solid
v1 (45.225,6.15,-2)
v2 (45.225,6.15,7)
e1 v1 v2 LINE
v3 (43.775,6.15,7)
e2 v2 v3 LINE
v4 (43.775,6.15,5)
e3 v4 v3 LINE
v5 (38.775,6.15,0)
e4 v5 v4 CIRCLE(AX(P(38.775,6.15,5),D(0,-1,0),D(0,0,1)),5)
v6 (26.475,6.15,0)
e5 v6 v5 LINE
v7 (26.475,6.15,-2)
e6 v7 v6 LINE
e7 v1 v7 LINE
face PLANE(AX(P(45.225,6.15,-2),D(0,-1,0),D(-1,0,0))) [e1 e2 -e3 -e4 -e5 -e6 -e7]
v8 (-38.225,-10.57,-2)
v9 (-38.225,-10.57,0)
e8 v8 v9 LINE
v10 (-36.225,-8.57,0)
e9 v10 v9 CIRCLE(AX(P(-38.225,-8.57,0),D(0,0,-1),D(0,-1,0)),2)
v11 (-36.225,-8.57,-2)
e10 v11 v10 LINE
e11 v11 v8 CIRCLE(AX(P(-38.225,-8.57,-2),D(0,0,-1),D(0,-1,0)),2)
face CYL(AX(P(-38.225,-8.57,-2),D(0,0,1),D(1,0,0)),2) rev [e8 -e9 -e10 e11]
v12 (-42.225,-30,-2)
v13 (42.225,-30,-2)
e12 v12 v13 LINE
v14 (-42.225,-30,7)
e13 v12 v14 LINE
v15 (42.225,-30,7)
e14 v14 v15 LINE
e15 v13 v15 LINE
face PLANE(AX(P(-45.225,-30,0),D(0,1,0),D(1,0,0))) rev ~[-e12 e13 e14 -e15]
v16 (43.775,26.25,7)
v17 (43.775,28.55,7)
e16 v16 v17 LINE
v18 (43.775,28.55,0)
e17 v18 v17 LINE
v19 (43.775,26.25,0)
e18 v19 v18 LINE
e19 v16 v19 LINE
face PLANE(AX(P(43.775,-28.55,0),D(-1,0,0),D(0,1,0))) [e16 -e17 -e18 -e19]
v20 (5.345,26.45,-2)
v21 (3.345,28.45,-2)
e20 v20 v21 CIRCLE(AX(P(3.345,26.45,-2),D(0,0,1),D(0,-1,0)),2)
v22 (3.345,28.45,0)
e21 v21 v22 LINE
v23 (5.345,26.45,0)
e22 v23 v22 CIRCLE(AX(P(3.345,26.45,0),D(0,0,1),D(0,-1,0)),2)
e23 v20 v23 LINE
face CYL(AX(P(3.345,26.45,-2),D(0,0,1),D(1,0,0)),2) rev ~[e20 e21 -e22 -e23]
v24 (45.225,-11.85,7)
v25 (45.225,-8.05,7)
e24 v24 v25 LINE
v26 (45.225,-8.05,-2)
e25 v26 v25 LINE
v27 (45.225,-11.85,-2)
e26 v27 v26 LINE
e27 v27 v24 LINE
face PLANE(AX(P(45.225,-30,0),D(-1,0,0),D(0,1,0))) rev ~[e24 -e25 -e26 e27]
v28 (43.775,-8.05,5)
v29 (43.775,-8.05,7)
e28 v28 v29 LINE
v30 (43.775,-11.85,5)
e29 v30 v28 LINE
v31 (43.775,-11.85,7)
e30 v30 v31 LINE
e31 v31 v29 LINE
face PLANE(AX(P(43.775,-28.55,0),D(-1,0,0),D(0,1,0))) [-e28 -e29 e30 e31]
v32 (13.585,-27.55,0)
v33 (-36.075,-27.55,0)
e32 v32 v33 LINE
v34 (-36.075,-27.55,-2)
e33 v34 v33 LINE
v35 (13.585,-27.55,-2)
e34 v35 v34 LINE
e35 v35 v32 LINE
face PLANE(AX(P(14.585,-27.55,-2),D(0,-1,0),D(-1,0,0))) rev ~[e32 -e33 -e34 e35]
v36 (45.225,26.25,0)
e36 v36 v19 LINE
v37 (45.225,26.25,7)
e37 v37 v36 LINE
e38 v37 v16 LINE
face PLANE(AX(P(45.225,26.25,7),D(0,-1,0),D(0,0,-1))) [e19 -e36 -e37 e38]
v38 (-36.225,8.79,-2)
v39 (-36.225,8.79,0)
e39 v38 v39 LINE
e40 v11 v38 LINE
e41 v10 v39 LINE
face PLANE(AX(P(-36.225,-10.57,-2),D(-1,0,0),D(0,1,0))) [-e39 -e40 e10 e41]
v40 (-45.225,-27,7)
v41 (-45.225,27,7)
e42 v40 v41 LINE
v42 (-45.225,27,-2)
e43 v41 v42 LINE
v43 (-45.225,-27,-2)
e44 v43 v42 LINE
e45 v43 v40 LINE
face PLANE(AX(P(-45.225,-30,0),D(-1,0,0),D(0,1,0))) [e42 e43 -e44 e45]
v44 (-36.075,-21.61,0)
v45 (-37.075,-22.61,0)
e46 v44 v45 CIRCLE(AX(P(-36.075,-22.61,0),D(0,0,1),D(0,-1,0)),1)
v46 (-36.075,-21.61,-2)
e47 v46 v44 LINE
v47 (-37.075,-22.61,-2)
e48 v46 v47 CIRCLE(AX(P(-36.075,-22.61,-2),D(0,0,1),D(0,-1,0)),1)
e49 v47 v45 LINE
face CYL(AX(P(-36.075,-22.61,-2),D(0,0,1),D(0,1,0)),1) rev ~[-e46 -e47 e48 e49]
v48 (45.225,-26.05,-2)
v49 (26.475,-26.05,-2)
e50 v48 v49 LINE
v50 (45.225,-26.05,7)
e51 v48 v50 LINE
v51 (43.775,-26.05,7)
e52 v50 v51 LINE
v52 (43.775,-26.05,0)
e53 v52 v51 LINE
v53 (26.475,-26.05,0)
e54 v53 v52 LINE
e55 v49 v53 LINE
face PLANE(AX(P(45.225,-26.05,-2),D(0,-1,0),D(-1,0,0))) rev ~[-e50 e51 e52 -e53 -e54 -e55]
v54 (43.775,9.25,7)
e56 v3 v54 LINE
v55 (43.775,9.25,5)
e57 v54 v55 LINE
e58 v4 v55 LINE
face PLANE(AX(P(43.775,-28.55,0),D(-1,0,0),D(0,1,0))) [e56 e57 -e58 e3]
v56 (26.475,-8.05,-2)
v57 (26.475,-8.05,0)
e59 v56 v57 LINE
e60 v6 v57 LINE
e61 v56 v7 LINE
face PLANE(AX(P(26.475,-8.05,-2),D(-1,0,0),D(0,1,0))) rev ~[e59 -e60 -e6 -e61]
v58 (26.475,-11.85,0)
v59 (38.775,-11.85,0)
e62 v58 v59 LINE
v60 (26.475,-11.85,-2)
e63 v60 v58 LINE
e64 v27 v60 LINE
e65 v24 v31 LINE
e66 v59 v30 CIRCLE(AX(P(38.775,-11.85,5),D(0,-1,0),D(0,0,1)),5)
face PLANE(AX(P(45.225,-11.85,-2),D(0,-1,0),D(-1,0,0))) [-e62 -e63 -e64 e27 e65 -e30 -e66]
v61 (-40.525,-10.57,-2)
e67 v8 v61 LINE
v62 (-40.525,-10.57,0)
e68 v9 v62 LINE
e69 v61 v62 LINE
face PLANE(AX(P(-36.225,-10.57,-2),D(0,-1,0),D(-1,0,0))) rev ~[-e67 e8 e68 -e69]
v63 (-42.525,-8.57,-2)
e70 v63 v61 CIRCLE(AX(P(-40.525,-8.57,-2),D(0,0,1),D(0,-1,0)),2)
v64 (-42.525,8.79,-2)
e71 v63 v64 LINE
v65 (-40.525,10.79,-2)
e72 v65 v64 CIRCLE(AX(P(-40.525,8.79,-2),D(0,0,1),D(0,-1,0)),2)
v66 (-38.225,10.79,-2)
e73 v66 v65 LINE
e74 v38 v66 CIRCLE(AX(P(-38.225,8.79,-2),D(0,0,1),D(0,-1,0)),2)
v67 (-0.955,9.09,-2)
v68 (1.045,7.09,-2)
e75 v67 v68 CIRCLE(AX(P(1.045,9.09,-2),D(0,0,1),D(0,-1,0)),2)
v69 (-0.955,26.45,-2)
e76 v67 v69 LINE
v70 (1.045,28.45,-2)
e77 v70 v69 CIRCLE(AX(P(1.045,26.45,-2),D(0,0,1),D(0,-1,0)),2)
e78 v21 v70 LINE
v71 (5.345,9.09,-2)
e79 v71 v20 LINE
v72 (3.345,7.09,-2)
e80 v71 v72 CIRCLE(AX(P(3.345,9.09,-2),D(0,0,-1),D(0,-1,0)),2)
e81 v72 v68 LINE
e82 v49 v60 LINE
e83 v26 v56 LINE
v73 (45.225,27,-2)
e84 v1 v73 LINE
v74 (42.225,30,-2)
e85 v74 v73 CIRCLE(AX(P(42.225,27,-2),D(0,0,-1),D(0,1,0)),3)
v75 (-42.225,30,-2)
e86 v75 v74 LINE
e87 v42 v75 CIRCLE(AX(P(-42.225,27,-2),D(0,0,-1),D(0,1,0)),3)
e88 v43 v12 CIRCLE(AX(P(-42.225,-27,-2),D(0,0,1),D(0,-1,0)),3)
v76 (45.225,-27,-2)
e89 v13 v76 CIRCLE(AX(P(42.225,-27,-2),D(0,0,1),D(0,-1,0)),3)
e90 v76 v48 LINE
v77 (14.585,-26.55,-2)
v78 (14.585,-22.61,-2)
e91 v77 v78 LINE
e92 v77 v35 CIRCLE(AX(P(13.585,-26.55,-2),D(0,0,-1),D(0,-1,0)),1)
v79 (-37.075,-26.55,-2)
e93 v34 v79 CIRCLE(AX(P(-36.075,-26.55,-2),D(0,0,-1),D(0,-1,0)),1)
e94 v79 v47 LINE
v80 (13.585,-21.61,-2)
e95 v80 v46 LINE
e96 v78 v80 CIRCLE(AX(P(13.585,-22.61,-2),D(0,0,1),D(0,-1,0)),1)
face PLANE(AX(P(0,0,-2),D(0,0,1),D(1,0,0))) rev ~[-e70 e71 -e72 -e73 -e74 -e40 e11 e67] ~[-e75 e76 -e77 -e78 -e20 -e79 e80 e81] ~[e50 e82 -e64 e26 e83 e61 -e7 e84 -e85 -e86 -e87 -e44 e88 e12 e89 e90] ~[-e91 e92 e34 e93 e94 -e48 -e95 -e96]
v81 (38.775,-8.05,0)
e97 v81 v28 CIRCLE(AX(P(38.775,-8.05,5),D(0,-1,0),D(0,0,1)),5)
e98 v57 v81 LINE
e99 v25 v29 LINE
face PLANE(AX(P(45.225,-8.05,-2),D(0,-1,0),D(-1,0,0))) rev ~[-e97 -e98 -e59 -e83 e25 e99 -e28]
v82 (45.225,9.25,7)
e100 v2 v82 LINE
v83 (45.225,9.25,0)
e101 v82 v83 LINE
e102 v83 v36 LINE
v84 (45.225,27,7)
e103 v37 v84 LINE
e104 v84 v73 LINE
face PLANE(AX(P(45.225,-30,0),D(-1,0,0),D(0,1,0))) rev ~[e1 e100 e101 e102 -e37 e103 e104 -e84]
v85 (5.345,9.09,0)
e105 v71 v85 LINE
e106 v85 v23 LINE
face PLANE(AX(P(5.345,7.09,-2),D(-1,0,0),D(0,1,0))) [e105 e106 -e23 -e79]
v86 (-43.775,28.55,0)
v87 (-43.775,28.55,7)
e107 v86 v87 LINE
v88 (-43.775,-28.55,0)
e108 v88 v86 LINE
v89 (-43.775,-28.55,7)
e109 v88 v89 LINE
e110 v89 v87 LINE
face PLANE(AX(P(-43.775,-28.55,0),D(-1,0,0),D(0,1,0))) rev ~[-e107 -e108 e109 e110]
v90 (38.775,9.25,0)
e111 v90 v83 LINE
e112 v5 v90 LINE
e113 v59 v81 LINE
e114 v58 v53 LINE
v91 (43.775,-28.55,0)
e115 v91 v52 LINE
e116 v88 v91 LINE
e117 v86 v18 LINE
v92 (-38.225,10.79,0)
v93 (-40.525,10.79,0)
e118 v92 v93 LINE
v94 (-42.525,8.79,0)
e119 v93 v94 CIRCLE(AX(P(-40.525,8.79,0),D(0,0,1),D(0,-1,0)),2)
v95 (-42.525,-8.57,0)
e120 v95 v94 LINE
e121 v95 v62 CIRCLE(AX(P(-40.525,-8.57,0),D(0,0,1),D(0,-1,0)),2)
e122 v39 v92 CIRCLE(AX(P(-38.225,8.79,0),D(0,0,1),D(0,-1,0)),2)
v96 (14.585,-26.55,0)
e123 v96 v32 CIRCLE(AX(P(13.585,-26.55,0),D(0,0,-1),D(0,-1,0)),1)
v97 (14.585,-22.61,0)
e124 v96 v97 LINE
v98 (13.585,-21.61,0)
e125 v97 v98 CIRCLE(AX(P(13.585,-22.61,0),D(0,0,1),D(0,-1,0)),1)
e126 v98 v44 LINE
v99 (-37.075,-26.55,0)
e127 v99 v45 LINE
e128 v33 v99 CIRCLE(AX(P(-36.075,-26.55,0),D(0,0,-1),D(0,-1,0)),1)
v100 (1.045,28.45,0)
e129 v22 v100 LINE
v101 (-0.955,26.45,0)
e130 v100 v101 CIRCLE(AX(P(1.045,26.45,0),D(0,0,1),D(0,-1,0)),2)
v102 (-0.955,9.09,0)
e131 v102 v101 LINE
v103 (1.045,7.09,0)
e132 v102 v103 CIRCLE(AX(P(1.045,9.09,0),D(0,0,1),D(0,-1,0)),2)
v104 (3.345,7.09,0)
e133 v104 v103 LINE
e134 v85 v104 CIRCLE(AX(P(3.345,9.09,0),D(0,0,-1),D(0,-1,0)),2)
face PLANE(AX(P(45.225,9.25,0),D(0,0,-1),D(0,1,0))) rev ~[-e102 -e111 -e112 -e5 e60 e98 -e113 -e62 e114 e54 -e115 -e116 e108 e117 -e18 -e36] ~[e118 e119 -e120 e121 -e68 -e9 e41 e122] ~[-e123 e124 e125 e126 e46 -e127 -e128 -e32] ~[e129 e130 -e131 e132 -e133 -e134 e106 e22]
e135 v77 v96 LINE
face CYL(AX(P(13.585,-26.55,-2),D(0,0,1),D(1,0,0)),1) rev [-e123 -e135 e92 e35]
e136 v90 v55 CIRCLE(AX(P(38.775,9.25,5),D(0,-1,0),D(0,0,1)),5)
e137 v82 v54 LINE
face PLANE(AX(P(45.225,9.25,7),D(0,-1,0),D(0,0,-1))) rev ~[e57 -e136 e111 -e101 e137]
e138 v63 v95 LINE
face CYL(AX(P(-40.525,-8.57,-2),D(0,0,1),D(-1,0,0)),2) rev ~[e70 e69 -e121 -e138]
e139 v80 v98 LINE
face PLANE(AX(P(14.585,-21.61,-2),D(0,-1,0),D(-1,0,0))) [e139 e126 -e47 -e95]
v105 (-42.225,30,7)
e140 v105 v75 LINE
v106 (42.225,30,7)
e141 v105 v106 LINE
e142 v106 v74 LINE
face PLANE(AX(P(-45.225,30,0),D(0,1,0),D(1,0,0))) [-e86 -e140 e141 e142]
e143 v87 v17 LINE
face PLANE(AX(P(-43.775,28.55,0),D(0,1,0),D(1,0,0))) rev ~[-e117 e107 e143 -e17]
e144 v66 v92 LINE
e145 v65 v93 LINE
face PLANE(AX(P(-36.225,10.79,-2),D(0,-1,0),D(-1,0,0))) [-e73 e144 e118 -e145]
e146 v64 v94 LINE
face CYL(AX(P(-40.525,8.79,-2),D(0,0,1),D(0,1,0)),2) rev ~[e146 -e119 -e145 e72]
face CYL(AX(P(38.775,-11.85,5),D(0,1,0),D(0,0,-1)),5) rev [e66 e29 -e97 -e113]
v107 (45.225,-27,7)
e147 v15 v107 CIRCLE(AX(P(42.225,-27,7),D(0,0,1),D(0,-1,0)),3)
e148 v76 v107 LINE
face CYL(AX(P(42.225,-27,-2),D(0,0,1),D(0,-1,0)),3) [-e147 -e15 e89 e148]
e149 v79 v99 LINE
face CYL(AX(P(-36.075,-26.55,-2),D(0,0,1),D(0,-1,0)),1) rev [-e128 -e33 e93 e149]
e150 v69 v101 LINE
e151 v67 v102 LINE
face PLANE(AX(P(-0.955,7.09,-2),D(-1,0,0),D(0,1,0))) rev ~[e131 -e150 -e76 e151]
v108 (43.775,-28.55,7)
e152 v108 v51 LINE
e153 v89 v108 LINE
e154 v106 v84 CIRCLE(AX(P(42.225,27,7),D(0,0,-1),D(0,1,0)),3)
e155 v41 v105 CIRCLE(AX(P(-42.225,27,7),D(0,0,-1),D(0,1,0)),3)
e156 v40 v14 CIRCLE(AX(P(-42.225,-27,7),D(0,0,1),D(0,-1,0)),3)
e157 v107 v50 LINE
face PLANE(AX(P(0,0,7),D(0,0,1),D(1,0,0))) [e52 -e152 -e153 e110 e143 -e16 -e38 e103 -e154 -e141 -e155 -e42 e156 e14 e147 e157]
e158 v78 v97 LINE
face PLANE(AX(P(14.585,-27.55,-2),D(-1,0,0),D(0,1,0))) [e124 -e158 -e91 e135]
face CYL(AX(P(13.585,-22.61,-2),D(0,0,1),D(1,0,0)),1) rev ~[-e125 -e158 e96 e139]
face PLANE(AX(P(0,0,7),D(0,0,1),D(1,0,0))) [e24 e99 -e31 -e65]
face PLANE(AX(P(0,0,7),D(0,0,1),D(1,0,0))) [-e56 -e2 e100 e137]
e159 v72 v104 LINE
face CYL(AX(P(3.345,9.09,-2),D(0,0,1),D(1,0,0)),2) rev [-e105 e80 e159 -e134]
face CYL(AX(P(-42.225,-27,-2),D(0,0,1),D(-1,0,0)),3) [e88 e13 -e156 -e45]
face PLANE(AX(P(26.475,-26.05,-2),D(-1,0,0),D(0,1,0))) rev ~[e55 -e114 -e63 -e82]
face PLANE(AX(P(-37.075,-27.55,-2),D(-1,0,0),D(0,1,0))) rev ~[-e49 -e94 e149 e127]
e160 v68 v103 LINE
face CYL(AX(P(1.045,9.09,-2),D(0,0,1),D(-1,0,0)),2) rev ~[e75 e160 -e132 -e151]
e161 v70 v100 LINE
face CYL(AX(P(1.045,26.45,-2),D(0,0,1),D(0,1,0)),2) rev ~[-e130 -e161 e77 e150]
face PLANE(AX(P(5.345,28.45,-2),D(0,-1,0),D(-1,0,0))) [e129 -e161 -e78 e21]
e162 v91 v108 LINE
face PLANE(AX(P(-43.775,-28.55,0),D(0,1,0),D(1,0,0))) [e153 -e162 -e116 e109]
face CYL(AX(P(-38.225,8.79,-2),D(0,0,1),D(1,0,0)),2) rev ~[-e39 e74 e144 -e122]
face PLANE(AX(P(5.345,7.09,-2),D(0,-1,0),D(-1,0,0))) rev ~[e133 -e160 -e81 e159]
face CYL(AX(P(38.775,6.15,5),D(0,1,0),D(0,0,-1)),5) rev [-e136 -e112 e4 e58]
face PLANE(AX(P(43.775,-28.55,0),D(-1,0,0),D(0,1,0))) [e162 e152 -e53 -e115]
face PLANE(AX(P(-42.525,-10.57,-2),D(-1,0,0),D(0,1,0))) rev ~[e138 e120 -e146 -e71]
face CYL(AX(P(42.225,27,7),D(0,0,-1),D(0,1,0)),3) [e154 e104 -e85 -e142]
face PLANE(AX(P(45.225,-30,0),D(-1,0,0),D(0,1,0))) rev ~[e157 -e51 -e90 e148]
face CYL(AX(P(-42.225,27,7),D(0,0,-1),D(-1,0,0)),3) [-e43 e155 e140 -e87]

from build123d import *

# Parameters (mm, degrees)
CROQUIS1_W              = 90.45
CROQUIS1_H              = 60
SALIENTE_EXTRUIR1_DEPTH = 2
CROQUIS2_W              = 90.45
CROQUIS2_H              = 60
CROQUIS2_W_2            = 87.55
CROQUIS2_H_2            = 57.1
SALIENTE_EXTRUIR2_DEPTH = 7
CROQUIS3_W              = 18.75
CROQUIS3_H              = 14.2
CORTAR_EXTRUIR1_DEPTH   = 9
CORTAR_EXTRUIR2_REACH   = 92.45
CROQUIS4_W              = 7
CROQUIS4_H              = 17
REDONDEO2_R             = 3
CROQUIS5_W              = 51.66
CROQUIS5_H              = 5.94
CORTAR_EXTRUIR3_DEPTH   = 2
CROQUIS6_W              = 6.3
CROQUIS6_H              = 21.36
CORTAR_EXTRUIR4_DEPTH   = 2
REDONDEO3_R             = 2
REDONDEO4_R             = 1
REDONDEO5_R             = 5


with BuildPart() as part:
    # Croquis1 → Saliente-Extruir1 (new body)
    with BuildSketch(Plane.XY):
        Rectangle(CROQUIS1_W, CROQUIS1_H)
    extrude(amount=-SALIENTE_EXTRUIR1_DEPTH)

    # Croquis2 → Saliente-Extruir2 (add)
    with BuildSketch(Plane.XY):
        Rectangle(CROQUIS2_W, CROQUIS2_H)
        Rectangle(CROQUIS2_W_2, CROQUIS2_H_2, mode=Mode.SUBTRACT)
    extrude(amount=SALIENTE_EXTRUIR2_DEPTH)

    # Croquis3 → Cortar-Extruir1 (cut)
    with BuildSketch(Plane(origin=(0, 0, -2), x_dir=(-1, 0, 0), z_dir=(0, 0, -1))):
        with Locations((-35.85, -18.95)):
            Rectangle(CROQUIS3_W, CROQUIS3_H)
        with Locations((-35.85, -0.95)):
            Rectangle(CROQUIS3_W, CROQUIS3_H)
    extrude(amount=-CORTAR_EXTRUIR1_DEPTH, mode=Mode.SUBTRACT)

    # Croquis4 → Cortar-Extruir2 (cut, up to next)
    with BuildSketch(Plane(origin=(45.225, 0, 0), x_dir=(0, 0, -1), z_dir=(1, 0, 0)), mode=Mode.PRIVATE) as cortar_extruir2_sk1:
        with Locations((-3.5, 17.75)):
            Rectangle(CROQUIS4_W, CROQUIS4_H)
    cortar_extruir2_tool1 = extrude(cortar_extruir2_sk1.sketch, amount=-CORTAR_EXTRUIR2_REACH, mode=Mode.PRIVATE) & part.part
    add(cortar_extruir2_tool1.solids().sort_by_distance((45.225, 17.75, 3.5))[0], mode=Mode.SUBTRACT)

    # Redondeo2
    redondeo2_edges = [part.edges().sort_by_distance(p)[0] for p in [
        (45.225, -30, 2.5),
        (-45.225, -30, 2.5),
        (-45.225, 30, 2.5),
        (45.225, 30, 2.5),
    ]]
    fillet(redondeo2_edges, radius=REDONDEO2_R)

    # Croquis5 → Cortar-Extruir3 (cut)
    with BuildSketch(Plane(origin=(0, 0, -2), x_dir=(-1, 0, 0), z_dir=(0, 0, -1))):
        with Locations((11.245, -24.58)):
            Rectangle(CROQUIS5_W, CROQUIS5_H)
    extrude(amount=-CORTAR_EXTRUIR3_DEPTH, mode=Mode.SUBTRACT)

    # Croquis6 → Cortar-Extruir4 (cut)
    with BuildSketch(Plane(origin=(0, 0, -2), x_dir=(-1, 0, 0), z_dir=(0, 0, -1))):
        with Locations((39.375, 0.11)):
            Rectangle(CROQUIS6_W, CROQUIS6_H)
        with Locations((-2.195, 17.77)):
            Rectangle(CROQUIS6_W, CROQUIS6_H)
    extrude(amount=-CORTAR_EXTRUIR4_DEPTH, mode=Mode.SUBTRACT)

    # Redondeo3
    redondeo3_edges = [part.edges().sort_by_distance(p)[0] for p in [
        (-36.225, -10.57, -1),
        (-36.225, 10.79, -1),
        (-42.525, 10.79, -1),
        (-42.525, -10.57, -1),
        (5.345, 7.09, -1),
        (5.345, 28.45, -1),
        (-0.955, 28.45, -1),
        (-0.955, 7.09, -1),
    ]]
    fillet(redondeo3_edges, radius=REDONDEO3_R)

    # Redondeo4
    redondeo4_edges = [part.edges().sort_by_distance(p)[0] for p in [
        (14.585, -27.55, -1),
        (14.585, -21.61, -1),
        (-37.075, -21.61, -1),
        (-37.075, -27.55, -1),
    ]]
    fillet(redondeo4_edges, radius=REDONDEO4_R)

    # Redondeo5
    redondeo5_edges = [part.edges().sort_by_distance(p)[0] for p in [
        (43.775, -9.95, 0),
        (43.775, 7.7, 0),
    ]]
    fillet(redondeo5_edges, radius=REDONDEO5_R)


solid = part.part
